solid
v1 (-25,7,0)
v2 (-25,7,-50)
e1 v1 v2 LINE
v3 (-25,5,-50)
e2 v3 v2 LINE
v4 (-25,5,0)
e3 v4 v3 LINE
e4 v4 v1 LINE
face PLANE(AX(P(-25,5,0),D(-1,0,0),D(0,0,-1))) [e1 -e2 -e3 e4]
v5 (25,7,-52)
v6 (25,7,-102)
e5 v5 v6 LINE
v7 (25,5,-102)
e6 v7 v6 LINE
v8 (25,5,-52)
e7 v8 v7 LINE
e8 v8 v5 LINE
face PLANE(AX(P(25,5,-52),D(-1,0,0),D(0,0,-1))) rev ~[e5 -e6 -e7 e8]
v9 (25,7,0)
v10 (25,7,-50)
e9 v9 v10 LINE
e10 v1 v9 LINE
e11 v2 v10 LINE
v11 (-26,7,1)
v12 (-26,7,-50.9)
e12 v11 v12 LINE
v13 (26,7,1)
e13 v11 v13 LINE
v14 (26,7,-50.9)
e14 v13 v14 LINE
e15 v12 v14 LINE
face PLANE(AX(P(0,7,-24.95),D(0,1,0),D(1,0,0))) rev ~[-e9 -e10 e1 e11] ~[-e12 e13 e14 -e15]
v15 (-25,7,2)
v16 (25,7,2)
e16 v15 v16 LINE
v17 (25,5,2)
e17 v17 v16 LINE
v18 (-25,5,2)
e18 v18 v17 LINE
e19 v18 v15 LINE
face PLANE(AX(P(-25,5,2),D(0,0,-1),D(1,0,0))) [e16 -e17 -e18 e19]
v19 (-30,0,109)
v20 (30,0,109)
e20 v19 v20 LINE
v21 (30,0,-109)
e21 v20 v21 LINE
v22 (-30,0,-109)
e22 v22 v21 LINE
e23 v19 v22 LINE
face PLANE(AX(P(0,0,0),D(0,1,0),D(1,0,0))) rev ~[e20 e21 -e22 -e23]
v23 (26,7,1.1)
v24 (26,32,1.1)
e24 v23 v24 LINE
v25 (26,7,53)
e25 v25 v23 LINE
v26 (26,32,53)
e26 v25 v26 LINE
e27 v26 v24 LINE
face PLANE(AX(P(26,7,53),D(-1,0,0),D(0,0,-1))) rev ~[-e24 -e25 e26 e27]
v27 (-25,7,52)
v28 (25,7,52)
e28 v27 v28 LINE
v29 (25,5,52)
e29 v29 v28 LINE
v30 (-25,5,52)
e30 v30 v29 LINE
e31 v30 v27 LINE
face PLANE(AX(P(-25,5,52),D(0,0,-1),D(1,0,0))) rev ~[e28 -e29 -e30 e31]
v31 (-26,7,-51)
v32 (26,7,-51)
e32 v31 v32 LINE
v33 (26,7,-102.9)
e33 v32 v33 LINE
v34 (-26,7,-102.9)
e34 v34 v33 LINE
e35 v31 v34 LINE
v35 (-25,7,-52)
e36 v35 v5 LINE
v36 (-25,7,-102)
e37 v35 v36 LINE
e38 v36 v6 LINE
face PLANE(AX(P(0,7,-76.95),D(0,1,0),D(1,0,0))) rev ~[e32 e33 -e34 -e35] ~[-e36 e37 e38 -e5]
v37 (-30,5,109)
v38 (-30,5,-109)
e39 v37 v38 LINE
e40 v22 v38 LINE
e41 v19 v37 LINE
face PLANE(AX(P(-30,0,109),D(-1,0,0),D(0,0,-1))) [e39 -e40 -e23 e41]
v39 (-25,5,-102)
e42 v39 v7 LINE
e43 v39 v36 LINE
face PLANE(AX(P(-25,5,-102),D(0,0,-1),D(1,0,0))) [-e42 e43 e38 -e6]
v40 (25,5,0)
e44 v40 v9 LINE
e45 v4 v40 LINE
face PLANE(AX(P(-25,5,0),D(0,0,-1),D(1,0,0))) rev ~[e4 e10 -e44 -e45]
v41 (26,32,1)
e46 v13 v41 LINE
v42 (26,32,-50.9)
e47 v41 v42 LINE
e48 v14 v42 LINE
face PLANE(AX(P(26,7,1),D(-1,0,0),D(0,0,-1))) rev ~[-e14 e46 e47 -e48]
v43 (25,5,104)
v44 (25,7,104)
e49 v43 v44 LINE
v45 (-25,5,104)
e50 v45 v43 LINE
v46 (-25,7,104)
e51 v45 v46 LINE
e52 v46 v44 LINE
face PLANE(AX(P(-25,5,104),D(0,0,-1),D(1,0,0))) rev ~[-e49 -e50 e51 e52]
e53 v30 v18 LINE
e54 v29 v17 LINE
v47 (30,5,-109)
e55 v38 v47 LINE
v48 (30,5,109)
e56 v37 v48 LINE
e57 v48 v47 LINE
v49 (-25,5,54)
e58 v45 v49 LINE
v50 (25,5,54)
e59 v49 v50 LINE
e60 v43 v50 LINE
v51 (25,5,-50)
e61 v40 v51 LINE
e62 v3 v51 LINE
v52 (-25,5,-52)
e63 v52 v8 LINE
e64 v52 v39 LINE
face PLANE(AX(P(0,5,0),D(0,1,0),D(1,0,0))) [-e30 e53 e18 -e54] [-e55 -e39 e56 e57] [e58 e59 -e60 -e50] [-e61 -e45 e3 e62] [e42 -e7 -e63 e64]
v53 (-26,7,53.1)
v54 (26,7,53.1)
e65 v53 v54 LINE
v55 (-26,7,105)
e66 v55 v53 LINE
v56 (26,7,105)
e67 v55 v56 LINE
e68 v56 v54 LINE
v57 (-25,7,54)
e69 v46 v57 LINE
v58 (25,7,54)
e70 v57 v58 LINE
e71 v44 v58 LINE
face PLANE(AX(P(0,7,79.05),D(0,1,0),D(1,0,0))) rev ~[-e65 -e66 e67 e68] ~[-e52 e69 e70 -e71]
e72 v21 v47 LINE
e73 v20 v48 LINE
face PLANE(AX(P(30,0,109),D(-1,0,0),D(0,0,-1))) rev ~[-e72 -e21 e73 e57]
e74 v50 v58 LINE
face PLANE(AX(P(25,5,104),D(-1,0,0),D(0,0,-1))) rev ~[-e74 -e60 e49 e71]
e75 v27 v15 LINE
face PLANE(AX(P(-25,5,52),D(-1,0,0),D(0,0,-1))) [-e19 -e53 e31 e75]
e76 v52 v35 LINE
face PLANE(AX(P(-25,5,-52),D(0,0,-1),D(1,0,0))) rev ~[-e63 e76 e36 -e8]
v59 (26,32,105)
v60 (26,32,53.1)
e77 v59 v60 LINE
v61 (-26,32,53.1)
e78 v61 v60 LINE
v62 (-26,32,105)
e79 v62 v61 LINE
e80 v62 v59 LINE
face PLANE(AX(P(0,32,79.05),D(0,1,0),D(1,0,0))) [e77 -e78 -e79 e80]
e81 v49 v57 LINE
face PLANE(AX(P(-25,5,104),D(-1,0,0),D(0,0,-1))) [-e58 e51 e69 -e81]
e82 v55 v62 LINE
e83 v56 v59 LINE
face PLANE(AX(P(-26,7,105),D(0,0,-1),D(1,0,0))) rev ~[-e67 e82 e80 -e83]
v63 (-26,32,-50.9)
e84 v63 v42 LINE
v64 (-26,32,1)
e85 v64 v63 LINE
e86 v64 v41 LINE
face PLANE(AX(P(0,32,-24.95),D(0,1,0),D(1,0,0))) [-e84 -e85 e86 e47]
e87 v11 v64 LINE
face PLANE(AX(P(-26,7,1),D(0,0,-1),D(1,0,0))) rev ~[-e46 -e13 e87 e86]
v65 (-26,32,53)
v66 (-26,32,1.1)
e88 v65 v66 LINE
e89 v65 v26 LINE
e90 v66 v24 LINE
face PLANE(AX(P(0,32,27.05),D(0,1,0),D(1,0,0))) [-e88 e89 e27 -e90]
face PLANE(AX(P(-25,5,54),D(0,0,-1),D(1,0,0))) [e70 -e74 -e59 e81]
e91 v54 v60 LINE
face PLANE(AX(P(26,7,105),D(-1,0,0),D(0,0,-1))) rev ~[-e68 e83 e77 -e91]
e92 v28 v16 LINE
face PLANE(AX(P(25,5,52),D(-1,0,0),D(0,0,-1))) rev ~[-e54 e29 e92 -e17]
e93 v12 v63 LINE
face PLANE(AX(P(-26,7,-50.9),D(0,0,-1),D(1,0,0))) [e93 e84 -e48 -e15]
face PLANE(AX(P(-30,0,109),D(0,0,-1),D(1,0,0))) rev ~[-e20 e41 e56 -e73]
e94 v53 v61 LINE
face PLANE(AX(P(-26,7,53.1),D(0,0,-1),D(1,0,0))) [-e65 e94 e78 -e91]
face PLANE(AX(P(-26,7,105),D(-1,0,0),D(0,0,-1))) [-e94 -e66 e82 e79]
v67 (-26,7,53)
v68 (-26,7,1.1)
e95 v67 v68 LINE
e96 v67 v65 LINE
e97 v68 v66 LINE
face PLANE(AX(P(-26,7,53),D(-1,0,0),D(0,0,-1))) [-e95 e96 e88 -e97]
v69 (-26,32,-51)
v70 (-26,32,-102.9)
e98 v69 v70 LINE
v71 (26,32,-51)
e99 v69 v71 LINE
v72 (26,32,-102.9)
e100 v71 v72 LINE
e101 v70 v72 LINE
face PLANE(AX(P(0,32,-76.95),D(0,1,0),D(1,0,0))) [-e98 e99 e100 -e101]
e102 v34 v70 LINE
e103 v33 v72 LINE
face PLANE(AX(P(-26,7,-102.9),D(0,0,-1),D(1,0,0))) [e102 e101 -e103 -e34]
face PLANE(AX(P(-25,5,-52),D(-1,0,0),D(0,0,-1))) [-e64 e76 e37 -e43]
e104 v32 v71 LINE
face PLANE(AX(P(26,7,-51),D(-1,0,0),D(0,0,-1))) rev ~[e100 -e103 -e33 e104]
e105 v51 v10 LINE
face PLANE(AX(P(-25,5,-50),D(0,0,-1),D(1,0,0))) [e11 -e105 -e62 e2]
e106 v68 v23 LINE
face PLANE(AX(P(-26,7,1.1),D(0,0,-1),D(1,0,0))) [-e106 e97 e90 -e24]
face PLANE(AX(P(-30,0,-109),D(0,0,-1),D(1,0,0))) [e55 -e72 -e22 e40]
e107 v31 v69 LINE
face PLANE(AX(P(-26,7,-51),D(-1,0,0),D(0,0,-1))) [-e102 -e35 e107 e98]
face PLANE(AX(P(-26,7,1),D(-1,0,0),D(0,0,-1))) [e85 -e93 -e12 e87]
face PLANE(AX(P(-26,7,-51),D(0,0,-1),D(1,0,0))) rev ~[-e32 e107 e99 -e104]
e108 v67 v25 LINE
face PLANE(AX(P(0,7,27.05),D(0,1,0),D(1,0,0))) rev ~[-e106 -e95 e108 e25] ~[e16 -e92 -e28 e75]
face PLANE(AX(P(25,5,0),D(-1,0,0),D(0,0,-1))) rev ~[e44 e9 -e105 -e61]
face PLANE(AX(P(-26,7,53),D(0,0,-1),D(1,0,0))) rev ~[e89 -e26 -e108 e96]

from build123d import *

# Parameters (mm, degrees)
SKETCH1_W           = 60
SKETCH1_H           = 218
BOSS_EXTRUDE1_DEPTH = 5
SKETCH2_W           = 50
SKETCH2_H           = 50
BOSS_EXTRUDE3_DEPTH = 2
LPATTERN1_COUNT     = 4
LPATTERN1_PITCH     = 52
SKETCH3_W           = 52
SKETCH3_H           = 51.9
BOSS_EXTRUDE8_DEPTH = 25
LPATTERN5_COUNT     = 4
LPATTERN5_PITCH     = 52


with BuildPart() as part:
    # Sketch1 → Boss-Extrude1 (new body)
    with BuildSketch(Plane(origin=(0, 0, 0), x_dir=(1, 0, 0), z_dir=(0, 1, 0))):
        Rectangle(SKETCH1_W, SKETCH1_H)
    extrude(amount=BOSS_EXTRUDE1_DEPTH)

    # Sketch2 → Boss-Extrude3 (add)
    with BuildSketch(Plane(origin=(0, 5, 0), x_dir=(1, 0, 0), z_dir=(0, 1, 0))):
        with Locations((0, -79)):
            Rectangle(SKETCH2_W, SKETCH2_H)
    boss_extrude3 = extrude(amount=BOSS_EXTRUDE3_DEPTH)

    # LPattern1: Boss-Extrude3 ×4
    with Locations(*[(0, 0, -i * LPATTERN1_PITCH) for i in range(1, LPATTERN1_COUNT)]):
        add(boss_extrude3)

    # Sketch3 → Boss-Extrude8 (add)
    with BuildSketch(Plane(origin=(0, 7, 0), x_dir=(1, 0, 0), z_dir=(0, 1, 0))):
        with Locations((0, -79.05)):
            Rectangle(SKETCH3_W, SKETCH3_H)
    boss_extrude8 = extrude(amount=BOSS_EXTRUDE8_DEPTH)

    # LPattern5: Boss-Extrude8 ×4
    with Locations(*[(0, 0, -i * LPATTERN5_PITCH) for i in range(1, LPATTERN5_COUNT)]):
        add(boss_extrude8)


solid = part.part
